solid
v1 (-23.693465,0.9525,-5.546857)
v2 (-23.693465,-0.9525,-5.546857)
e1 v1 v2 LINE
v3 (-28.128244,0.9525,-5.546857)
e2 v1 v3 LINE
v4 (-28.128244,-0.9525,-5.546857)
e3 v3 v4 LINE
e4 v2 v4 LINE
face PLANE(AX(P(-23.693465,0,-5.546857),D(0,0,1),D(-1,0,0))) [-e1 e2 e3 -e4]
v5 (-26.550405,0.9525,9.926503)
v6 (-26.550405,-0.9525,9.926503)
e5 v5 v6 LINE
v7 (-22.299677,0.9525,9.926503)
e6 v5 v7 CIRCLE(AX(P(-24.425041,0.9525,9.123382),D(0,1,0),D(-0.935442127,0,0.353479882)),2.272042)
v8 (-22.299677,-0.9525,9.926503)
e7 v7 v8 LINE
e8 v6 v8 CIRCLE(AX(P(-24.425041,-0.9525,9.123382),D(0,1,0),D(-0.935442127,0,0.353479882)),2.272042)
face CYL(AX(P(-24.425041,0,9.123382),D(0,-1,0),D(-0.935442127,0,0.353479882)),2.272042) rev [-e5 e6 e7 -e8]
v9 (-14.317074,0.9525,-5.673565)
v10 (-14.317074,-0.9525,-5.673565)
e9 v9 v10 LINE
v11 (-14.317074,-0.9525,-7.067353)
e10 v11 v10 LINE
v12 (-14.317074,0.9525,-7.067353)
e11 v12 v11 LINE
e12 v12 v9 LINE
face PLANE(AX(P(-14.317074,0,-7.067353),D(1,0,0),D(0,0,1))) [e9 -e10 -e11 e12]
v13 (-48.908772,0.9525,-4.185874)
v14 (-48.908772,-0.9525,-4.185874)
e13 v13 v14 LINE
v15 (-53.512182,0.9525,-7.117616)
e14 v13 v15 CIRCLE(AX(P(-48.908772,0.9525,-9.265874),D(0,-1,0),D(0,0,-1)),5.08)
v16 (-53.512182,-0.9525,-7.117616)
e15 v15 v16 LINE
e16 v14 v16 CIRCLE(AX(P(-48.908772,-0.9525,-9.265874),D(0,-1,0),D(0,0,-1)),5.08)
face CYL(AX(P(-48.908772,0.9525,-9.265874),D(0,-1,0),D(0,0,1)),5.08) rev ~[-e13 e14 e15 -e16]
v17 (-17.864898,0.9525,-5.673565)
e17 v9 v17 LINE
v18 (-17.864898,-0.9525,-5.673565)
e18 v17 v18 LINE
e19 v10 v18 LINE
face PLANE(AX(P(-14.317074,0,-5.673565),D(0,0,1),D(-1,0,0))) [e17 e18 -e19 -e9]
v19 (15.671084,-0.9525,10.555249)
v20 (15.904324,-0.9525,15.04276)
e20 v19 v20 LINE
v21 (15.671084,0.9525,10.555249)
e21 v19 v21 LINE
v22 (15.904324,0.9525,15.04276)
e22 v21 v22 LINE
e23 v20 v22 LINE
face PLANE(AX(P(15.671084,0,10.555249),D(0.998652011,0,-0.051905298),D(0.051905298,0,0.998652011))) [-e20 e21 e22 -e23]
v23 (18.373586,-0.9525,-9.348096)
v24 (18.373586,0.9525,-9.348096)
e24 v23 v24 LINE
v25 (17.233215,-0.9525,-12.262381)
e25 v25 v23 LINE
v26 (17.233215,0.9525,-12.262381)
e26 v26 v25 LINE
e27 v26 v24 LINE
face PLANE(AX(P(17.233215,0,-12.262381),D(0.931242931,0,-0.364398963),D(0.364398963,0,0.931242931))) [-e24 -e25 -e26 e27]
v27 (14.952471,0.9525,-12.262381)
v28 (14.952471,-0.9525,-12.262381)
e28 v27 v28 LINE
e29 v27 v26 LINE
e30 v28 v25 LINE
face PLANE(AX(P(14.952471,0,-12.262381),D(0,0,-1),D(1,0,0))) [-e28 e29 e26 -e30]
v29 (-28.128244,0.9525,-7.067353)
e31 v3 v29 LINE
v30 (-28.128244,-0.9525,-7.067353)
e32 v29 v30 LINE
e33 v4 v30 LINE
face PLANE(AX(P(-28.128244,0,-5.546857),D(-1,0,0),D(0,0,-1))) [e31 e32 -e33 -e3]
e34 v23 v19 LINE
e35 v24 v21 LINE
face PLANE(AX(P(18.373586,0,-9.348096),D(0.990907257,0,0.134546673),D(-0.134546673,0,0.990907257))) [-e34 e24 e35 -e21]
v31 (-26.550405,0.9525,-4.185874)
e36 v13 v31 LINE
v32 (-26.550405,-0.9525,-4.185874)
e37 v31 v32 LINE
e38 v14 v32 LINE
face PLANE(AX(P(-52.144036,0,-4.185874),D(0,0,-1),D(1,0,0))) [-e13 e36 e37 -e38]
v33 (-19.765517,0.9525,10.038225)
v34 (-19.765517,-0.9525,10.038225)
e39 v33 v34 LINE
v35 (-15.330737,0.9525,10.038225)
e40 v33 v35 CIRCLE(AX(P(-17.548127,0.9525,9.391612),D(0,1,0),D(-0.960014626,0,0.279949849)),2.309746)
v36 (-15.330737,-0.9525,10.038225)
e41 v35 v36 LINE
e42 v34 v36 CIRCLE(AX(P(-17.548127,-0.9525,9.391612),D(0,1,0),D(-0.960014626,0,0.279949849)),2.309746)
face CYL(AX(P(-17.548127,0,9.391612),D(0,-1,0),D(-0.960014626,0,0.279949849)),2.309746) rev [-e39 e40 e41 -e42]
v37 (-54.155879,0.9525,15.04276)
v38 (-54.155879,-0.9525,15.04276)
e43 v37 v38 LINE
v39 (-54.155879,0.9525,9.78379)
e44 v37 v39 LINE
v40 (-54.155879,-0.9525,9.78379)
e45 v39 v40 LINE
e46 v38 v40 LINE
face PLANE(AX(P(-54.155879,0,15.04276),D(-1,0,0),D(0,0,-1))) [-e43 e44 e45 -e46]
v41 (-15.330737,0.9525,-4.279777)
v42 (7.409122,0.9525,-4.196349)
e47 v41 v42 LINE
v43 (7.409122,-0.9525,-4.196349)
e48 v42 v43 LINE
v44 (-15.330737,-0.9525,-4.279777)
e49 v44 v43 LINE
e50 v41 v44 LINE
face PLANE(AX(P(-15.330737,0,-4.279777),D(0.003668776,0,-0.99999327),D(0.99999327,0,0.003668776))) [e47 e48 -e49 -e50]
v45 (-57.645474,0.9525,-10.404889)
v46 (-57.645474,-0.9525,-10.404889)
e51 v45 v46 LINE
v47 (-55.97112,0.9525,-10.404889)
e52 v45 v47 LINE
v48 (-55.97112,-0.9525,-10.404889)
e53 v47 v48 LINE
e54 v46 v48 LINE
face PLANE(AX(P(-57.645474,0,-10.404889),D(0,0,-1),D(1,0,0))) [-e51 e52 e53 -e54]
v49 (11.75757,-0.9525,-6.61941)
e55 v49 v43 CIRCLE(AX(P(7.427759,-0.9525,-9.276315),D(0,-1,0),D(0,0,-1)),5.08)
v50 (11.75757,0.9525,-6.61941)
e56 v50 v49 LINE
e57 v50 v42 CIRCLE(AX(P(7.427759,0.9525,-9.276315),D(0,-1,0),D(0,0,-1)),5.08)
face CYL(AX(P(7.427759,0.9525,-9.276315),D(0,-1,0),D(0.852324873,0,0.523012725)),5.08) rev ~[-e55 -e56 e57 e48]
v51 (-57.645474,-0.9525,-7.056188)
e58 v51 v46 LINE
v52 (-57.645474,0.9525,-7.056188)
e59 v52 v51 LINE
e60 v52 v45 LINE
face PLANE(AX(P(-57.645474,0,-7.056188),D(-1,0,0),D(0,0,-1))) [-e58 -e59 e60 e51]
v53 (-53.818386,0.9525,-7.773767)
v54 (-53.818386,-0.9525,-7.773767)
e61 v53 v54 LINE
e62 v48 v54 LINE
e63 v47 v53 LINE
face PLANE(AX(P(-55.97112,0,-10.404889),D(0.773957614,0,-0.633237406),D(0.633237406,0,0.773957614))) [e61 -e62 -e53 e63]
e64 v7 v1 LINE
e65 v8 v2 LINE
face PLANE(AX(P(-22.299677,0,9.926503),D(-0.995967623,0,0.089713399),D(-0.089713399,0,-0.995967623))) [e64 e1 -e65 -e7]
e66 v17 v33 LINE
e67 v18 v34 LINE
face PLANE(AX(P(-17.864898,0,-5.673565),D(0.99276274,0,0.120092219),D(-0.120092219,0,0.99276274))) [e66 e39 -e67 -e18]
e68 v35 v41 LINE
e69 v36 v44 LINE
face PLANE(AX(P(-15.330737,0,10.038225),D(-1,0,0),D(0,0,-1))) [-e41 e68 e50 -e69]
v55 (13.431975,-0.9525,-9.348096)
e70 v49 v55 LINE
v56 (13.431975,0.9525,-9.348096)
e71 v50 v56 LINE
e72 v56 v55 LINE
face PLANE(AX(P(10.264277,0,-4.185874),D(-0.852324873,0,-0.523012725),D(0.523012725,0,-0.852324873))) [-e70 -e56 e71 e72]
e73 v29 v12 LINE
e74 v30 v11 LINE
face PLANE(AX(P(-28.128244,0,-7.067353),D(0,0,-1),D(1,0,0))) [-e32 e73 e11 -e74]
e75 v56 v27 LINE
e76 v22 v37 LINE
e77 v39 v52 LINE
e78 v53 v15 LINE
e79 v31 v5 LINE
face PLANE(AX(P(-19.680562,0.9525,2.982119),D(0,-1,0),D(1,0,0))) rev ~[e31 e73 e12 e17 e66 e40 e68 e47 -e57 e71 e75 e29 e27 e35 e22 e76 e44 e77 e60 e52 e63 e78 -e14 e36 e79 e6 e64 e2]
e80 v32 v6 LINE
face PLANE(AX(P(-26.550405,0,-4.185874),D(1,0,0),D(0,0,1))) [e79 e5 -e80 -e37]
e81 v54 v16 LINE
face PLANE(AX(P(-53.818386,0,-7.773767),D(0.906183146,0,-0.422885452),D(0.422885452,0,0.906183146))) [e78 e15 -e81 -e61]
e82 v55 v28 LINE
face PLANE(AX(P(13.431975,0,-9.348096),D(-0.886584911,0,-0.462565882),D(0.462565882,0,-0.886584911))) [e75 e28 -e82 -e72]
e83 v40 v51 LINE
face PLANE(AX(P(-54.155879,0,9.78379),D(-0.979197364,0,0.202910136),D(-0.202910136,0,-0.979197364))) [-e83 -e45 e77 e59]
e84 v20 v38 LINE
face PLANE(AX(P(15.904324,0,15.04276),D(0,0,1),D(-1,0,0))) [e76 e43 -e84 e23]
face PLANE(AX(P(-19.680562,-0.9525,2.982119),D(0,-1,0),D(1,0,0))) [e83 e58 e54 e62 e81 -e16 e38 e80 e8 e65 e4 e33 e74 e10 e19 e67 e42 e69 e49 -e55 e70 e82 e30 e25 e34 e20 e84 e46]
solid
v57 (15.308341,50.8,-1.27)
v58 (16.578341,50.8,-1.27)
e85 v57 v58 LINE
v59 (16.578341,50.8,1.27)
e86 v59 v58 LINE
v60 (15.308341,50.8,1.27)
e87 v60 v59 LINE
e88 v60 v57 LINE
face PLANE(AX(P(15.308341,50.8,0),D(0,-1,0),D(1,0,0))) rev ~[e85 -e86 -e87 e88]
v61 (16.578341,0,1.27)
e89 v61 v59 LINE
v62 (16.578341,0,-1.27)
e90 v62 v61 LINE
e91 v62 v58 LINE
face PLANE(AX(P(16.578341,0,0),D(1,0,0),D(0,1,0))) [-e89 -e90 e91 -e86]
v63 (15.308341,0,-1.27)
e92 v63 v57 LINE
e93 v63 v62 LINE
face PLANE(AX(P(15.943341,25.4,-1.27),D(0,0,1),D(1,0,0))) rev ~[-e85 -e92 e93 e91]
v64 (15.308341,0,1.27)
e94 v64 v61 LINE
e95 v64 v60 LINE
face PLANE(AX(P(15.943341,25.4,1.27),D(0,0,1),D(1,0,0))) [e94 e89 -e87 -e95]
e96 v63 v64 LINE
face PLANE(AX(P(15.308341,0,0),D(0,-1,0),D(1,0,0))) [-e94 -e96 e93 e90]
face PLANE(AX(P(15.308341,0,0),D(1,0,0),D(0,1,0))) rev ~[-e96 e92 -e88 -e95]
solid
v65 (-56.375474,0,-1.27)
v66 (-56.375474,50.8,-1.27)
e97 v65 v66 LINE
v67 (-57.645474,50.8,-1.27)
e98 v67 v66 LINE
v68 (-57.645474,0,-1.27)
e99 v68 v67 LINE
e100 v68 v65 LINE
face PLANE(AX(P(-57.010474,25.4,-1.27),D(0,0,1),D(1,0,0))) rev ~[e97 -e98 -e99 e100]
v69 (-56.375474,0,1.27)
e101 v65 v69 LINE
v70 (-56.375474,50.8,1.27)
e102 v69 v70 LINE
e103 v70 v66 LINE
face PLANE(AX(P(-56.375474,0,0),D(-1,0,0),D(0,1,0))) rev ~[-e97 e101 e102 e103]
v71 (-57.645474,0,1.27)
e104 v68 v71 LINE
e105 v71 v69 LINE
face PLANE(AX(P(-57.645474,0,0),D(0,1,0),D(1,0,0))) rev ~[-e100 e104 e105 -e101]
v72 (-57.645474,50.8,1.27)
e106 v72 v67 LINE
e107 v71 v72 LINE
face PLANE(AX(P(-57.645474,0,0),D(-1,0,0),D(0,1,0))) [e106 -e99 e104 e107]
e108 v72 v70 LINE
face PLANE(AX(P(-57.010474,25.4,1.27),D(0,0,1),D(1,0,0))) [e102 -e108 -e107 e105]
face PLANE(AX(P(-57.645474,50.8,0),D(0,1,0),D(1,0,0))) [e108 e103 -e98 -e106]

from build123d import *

# Parameters (mm, degrees)
F1_DEPTH = 0.9525
F2_W     = 1.27
F2_H     = 50.8
F3_DEPTH = 1.27
F4_R     = 5.08


with BuildPart() as f1:
    # F0 (on Front) → F1 (new body, symmetric)
    with BuildSketch(Plane.XZ):
        with BuildLine():
            Line((15.904324, 15.04276), (-54.155879, 15.04276))
            Line((-54.155879, 15.04276), (-54.155879, 9.78379))
            Line((-54.155879, 9.78379), (-57.645474, -7.056188))
            Line((-57.645474, -7.056188), (-57.645474, -10.404889))
            Line((-57.645474, -10.404889), (-55.97112, -10.404889))
            Line((-55.97112, -10.404889), (-53.818386, -7.773767))
            Line((-53.818386, -7.773767), (-52.144036, -4.185874))
            Line((-52.144036, -4.185874), (-26.550405, -4.185874))
            Line((-26.550405, -4.185874), (-26.550405, 9.926503))
            ThreePointArc((-26.550405, 9.926503), (-24.425041, 11.395424), (-22.299677, 9.926503))
            Line((-22.299677, 9.926503), (-23.693465, -5.546857))
            Line((-23.693465, -5.546857), (-28.128244, -5.546857))
            Line((-28.128244, -5.546857), (-28.128244, -7.067353))
            Line((-28.128244, -7.067353), (-14.317074, -7.067353))
            Line((-14.317074, -7.067353), (-14.317074, -5.673565))
            Line((-14.317074, -5.673565), (-17.864898, -5.673565))
            Line((-17.864898, -5.673565), (-19.765517, 10.038225))
            ThreePointArc((-19.765517, 10.038225), (-17.548127, 11.701358), (-15.330737, 10.038225))
            Line((-15.330737, 10.038225), (-15.330737, -4.279777))
            Line((-15.330737, -4.279777), (10.264277, -4.185874))
            Line((10.264277, -4.185874), (13.431975, -9.348096))
            Line((13.431975, -9.348096), (14.952471, -12.262381))
            Line((14.952471, -12.262381), (17.233215, -12.262381))
            Line((17.233215, -12.262381), (18.373586, -9.348096))
            Line((18.373586, -9.348096), (15.671084, 10.555249))
            Line((15.671084, 10.555249), (15.904324, 15.04276))
        make_face()
    extrude(amount=F1_DEPTH, both=True)

    # F4
    f4_edges = [f1.edges().sort_by_distance(p)[0] for p in [
        (-52.144036, 0, -4.185874),
        (10.264277, 0, -4.185874),
    ]]
    fillet(f4_edges, radius=F4_R)


with BuildPart() as f3:
    # F2 (on Top) → F3 (new body, symmetric)
    with BuildSketch(Plane.XY):
        with Locations((-57.010474, 25.4)):
            Rectangle(F2_W, F2_H)
        with Locations((15.943341, 25.4)):
            Rectangle(F2_W, F2_H)
    extrude(amount=F3_DEPTH, both=True)


solid = Compound([f1.part, f3.part])
